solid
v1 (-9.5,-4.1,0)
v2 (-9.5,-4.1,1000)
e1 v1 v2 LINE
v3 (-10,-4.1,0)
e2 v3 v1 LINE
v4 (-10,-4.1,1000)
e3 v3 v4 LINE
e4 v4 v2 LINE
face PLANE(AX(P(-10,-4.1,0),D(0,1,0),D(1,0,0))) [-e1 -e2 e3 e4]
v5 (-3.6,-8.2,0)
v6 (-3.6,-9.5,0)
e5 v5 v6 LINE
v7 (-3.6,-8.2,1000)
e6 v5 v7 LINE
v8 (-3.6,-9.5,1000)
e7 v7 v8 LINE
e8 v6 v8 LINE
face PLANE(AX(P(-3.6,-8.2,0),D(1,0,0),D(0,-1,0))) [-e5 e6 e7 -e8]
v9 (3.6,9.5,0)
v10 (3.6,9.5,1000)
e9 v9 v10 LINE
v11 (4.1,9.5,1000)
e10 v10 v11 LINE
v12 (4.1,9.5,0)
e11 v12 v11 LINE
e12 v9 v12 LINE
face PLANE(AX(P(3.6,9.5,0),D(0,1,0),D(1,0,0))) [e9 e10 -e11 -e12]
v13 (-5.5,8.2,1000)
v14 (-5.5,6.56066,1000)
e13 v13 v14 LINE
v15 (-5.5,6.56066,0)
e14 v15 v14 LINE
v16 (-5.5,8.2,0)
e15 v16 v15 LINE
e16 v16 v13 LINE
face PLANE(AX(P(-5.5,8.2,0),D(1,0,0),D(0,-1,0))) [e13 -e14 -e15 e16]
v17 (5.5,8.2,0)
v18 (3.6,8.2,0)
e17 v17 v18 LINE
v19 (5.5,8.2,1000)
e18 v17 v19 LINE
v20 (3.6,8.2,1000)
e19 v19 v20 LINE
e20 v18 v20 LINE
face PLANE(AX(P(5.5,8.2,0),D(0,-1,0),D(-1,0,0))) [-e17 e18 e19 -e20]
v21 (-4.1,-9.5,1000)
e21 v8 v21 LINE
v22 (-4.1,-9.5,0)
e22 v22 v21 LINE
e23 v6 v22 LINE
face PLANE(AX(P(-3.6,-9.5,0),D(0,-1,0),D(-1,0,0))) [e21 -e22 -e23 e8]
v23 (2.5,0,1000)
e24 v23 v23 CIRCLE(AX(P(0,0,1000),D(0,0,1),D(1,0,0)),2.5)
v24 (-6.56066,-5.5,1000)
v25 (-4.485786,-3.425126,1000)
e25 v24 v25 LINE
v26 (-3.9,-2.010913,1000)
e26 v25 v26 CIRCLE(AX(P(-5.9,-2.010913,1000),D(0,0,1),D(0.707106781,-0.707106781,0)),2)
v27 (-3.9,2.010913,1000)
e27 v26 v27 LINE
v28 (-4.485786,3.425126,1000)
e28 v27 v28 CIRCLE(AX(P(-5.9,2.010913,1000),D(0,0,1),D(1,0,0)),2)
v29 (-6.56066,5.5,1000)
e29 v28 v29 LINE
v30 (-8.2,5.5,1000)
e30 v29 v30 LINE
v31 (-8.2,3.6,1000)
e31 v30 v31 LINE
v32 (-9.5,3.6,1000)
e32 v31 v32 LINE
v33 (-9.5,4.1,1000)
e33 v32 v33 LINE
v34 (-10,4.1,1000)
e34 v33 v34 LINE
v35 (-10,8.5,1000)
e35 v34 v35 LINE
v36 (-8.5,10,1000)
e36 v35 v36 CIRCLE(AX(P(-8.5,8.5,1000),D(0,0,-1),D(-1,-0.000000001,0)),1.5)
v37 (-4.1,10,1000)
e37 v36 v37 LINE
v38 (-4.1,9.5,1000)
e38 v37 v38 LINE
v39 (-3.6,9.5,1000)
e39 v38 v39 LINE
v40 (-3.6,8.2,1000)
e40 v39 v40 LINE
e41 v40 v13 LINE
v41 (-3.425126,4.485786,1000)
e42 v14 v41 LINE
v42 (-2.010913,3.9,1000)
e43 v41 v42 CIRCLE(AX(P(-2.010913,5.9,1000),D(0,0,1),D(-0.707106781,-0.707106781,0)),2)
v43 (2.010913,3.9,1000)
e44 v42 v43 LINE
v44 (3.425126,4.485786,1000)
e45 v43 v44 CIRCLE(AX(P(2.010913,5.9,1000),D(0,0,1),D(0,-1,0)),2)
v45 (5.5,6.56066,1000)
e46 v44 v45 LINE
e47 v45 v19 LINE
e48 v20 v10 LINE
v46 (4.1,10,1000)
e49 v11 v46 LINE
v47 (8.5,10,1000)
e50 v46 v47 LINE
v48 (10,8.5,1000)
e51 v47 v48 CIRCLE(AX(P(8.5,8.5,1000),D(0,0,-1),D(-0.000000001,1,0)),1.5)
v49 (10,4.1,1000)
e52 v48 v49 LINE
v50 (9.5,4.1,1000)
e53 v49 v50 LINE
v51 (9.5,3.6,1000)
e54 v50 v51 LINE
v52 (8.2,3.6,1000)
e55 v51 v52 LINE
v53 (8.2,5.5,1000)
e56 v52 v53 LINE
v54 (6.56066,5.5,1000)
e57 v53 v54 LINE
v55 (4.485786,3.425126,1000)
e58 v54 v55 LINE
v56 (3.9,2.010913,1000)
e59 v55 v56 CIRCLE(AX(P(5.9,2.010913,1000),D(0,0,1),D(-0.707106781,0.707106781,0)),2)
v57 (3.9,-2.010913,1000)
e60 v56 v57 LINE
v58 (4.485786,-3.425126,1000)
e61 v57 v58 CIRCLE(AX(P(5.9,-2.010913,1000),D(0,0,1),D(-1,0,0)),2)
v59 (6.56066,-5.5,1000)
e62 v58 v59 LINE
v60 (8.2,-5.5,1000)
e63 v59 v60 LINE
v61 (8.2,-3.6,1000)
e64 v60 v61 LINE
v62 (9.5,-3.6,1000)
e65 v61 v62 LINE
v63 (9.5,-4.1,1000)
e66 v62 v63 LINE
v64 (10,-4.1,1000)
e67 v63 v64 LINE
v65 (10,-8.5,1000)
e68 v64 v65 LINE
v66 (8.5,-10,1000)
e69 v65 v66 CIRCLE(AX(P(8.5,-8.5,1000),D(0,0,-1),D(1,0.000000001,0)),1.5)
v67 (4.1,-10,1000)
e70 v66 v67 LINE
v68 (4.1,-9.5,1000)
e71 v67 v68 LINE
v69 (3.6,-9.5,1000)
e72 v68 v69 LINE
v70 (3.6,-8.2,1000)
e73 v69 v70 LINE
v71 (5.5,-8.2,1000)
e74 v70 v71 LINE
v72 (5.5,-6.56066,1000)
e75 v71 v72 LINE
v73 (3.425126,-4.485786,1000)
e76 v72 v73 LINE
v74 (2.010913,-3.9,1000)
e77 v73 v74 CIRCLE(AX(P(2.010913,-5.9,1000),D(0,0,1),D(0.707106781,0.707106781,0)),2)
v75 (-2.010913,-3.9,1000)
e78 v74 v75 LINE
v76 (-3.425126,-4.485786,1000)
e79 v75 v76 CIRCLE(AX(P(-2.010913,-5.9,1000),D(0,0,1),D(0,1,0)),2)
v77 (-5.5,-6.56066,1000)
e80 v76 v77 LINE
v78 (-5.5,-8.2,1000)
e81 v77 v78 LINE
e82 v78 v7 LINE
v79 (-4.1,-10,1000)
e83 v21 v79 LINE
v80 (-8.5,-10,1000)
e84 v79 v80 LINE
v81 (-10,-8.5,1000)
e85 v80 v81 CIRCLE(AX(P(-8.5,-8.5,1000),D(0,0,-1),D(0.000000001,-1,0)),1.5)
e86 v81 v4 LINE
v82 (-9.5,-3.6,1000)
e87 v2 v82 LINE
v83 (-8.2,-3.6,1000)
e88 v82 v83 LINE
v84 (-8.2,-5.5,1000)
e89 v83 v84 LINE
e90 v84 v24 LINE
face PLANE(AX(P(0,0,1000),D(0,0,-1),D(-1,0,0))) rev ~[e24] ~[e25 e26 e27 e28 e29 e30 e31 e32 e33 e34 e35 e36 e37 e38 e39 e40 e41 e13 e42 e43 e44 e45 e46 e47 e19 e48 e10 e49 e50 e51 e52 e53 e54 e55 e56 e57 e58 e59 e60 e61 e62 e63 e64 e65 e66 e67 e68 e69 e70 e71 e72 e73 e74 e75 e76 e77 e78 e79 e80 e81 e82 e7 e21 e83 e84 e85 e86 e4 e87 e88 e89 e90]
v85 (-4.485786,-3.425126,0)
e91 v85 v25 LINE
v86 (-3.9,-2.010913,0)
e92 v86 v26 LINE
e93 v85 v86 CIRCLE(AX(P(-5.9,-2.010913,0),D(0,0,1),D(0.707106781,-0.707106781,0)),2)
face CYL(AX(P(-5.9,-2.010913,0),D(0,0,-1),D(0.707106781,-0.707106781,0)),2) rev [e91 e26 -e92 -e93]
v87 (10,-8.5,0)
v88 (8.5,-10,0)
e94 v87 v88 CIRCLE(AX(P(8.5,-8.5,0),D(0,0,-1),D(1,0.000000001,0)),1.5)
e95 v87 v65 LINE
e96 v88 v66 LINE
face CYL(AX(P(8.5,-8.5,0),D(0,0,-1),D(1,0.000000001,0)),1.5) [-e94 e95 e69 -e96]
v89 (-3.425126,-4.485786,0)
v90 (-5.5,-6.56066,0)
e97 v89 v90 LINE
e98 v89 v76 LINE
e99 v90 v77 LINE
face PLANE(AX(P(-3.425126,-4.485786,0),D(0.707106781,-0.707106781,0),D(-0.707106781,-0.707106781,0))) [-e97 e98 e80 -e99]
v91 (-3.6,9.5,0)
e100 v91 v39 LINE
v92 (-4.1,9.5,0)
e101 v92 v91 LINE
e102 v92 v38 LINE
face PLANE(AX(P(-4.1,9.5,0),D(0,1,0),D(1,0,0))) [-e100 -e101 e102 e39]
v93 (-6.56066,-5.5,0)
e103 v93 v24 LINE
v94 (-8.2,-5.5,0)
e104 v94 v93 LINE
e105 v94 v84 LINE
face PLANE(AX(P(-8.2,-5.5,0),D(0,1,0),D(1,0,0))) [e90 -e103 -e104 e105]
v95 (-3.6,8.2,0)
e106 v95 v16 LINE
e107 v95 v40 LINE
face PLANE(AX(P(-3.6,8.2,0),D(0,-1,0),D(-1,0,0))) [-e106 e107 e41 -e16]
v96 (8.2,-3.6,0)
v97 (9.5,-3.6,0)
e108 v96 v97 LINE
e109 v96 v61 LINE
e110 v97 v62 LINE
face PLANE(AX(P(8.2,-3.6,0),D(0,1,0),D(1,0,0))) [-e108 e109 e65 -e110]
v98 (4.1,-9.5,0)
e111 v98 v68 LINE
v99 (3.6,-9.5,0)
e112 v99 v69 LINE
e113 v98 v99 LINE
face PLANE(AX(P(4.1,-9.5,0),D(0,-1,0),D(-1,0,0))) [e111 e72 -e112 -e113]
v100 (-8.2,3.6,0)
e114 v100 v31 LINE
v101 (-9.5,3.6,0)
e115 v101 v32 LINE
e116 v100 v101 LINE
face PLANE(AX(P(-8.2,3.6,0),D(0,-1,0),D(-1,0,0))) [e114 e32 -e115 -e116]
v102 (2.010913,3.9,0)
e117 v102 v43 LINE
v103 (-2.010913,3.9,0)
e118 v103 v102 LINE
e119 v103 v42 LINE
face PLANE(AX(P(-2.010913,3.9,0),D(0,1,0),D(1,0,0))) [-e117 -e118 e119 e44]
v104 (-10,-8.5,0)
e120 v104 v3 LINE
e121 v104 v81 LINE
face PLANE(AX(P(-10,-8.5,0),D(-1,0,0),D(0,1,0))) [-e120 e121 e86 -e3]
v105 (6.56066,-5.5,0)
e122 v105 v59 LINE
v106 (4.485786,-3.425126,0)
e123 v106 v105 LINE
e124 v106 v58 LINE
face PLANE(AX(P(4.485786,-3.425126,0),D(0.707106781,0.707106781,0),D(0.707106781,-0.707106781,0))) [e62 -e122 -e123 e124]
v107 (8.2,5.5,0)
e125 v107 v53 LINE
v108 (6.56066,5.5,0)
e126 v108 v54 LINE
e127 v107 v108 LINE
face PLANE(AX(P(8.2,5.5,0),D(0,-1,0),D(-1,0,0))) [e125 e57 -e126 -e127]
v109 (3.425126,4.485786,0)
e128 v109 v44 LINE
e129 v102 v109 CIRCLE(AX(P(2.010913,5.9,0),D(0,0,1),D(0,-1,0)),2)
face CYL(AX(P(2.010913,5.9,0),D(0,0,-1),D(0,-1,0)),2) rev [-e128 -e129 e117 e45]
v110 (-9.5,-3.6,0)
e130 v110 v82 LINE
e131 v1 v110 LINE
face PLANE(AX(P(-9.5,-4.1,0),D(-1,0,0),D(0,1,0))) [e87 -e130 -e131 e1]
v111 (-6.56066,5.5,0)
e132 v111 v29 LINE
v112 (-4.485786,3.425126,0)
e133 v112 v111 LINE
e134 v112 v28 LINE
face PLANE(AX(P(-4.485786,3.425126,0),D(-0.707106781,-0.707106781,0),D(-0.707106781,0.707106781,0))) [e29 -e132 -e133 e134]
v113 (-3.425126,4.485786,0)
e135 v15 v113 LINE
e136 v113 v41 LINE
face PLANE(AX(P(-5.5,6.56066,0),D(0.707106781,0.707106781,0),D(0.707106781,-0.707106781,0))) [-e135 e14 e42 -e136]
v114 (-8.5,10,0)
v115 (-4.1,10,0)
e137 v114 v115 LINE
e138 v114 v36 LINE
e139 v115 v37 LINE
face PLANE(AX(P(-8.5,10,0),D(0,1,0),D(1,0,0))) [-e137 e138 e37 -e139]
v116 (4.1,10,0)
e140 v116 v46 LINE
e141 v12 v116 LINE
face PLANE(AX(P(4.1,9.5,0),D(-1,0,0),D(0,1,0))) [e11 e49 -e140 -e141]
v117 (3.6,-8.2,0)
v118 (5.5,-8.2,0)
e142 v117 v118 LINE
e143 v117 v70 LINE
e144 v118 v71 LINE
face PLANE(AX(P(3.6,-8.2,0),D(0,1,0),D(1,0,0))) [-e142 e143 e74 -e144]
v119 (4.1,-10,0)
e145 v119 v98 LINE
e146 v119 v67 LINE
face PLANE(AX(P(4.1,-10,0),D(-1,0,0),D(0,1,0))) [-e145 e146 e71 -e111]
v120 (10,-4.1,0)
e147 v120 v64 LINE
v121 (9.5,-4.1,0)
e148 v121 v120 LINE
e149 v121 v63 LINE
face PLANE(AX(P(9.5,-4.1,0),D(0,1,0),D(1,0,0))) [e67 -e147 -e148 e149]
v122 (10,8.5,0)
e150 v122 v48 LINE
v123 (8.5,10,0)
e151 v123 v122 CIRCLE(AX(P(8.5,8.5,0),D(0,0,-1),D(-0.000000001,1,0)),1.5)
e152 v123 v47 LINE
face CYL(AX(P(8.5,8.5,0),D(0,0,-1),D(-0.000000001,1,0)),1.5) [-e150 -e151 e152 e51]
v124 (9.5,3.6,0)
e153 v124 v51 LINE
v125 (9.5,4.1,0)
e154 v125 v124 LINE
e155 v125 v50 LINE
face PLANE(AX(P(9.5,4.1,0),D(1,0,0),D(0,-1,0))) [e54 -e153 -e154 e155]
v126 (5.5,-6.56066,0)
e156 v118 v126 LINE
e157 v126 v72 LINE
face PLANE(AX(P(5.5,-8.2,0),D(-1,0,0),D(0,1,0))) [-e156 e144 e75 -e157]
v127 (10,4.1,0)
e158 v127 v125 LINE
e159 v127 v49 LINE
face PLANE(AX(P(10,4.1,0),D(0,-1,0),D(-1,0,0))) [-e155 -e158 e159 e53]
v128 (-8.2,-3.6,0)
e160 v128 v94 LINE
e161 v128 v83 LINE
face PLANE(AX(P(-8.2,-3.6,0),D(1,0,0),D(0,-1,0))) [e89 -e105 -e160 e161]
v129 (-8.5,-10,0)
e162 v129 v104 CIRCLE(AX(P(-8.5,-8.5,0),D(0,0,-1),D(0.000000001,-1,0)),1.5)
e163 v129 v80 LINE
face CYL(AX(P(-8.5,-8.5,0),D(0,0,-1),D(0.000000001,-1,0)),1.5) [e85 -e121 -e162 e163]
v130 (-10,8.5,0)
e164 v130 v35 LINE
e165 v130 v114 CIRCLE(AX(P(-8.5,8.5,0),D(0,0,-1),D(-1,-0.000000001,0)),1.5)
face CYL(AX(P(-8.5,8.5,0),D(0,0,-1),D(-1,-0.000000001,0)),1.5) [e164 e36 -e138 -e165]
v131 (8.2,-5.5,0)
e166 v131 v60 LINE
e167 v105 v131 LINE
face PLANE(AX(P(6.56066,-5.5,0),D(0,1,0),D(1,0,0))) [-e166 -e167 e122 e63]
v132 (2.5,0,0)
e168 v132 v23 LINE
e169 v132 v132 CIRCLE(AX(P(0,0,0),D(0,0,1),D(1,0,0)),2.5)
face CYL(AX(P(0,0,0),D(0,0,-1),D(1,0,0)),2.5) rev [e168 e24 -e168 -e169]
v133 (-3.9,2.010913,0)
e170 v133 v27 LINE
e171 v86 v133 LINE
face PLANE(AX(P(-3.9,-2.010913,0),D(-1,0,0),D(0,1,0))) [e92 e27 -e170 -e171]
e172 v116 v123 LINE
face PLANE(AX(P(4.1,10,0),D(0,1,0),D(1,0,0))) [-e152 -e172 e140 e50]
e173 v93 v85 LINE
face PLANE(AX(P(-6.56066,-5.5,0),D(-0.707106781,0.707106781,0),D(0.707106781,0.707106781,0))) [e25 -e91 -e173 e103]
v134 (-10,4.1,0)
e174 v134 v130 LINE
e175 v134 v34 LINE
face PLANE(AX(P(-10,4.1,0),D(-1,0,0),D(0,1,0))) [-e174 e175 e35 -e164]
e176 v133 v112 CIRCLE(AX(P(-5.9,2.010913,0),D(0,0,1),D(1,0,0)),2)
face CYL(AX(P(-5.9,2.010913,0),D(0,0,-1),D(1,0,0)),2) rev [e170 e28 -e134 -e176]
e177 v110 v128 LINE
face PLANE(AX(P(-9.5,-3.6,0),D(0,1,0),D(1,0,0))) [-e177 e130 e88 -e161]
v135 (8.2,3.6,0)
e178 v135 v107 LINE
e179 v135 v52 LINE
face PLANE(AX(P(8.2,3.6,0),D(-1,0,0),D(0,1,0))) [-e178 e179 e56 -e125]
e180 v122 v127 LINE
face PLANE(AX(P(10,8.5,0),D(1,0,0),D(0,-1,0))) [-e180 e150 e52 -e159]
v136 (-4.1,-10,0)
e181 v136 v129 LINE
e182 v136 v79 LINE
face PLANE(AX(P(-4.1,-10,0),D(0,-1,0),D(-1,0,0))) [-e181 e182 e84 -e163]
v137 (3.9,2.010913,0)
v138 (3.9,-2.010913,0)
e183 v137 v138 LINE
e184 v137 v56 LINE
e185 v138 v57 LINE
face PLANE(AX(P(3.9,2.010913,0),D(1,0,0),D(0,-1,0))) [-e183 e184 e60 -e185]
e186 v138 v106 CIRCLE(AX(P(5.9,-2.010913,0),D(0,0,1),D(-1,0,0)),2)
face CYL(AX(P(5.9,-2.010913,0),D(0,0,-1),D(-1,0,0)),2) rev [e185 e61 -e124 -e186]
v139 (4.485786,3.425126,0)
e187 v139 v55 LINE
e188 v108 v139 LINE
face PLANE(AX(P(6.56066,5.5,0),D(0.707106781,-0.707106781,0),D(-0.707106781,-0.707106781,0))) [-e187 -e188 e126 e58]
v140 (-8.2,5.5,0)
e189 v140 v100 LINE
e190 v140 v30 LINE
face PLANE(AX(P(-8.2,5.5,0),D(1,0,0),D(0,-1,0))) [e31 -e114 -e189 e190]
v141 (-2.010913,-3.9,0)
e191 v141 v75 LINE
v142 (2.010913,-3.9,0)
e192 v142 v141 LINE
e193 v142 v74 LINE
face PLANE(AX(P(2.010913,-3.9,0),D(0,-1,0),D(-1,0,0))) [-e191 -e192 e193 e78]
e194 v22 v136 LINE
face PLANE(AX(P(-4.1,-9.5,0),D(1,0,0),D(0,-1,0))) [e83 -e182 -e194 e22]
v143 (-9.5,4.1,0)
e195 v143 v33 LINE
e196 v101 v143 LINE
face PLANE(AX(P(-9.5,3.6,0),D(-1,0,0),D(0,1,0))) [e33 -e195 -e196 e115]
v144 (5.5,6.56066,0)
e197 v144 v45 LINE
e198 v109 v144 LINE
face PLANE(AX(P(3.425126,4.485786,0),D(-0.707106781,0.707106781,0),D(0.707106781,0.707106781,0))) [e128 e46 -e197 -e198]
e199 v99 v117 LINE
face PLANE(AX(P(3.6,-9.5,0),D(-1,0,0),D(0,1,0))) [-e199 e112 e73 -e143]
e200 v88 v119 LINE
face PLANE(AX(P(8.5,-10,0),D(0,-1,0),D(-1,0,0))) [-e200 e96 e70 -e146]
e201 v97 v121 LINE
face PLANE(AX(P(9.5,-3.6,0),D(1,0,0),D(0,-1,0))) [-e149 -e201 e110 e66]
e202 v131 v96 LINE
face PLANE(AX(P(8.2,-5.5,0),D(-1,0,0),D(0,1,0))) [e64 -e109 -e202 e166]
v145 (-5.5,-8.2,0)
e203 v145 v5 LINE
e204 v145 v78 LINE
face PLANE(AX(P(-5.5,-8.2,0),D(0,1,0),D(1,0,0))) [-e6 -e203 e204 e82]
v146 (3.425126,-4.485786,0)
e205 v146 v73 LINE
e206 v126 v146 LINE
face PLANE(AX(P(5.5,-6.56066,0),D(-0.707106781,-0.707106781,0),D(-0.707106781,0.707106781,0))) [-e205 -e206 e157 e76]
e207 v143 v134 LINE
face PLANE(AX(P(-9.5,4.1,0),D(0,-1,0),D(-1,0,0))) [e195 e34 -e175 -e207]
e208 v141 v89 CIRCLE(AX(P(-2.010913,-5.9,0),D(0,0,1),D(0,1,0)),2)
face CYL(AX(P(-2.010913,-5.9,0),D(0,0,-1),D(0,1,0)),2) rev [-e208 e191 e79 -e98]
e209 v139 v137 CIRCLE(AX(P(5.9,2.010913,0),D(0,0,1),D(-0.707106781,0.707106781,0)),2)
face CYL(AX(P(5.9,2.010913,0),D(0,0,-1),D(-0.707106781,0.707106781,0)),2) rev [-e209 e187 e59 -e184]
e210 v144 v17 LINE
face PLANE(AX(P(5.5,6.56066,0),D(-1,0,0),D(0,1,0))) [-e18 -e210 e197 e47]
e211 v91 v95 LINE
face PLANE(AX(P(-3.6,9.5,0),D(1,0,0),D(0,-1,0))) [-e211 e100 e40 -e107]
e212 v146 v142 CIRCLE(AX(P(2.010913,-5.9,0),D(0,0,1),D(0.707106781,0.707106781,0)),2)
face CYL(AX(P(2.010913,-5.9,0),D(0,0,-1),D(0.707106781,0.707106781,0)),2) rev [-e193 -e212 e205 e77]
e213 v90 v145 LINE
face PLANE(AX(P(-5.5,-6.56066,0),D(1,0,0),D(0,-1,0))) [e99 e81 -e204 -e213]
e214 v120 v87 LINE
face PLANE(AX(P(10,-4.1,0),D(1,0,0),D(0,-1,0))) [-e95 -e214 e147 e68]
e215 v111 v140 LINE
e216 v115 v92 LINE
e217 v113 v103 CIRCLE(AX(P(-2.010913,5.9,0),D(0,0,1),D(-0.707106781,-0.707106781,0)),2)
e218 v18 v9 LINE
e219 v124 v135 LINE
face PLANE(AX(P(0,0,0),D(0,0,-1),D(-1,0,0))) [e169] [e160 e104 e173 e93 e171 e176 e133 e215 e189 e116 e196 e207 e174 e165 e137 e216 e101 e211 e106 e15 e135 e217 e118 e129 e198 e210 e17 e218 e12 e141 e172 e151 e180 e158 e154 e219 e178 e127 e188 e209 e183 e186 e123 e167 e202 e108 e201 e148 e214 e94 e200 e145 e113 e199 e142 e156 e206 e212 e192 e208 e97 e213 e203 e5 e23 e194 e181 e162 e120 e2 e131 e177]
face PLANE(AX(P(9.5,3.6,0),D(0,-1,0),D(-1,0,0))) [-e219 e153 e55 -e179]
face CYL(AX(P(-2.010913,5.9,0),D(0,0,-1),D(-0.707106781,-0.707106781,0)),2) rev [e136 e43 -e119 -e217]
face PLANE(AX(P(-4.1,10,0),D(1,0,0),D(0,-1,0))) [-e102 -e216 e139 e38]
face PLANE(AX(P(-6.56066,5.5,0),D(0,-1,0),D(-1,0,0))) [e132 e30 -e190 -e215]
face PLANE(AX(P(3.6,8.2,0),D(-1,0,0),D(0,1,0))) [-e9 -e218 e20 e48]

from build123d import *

# Parameters (mm, degrees)
SKETCH1_R           = 2.5
BOSS_EXTRUDE2_DEPTH = 1000


with BuildPart() as part:
    # Sketch1 → Boss-Extrude2 (new body)
    with BuildSketch(Plane.XY):
        with BuildLine():
            Line((10, -4.1), (10, -8.5))
            ThreePointArc((10, -8.5), (9.560660172, -9.560660172), (8.5, -10))
            Line((8.5, -10), (4.1, -10))
            Line((4.1, -10), (4.1, -9.5))
            Line((4.1, -9.5), (3.6, -9.5))
            Line((3.6, -9.5), (3.6, -8.2))
            Line((3.6, -8.2), (5.5, -8.2))
            Line((5.5, -8.2), (5.5, -6.560660172))
            Line((5.5, -6.560660172), (3.425126266, -4.485786438))
            ThreePointArc((3.425126266, -4.485786438), (2.776279568, -4.052240935), (2.010912703, -3.9))
            Line((2.010912703, -3.9), (-2.010912703, -3.9))
            ThreePointArc((-2.010912703, -3.9), (-2.776279568, -4.052240935), (-3.425126266, -4.485786438))
            Line((-3.425126266, -4.485786438), (-5.5, -6.560660172))
            Line((-5.5, -6.560660172), (-5.5, -8.2))
            Line((-5.5, -8.2), (-3.6, -8.2))
            Line((-3.6, -8.2), (-3.6, -9.5))
            Line((-3.6, -9.5), (-4.1, -9.5))
            Line((-4.1, -9.5), (-4.1, -10))
            Line((-4.1, -10), (-8.5, -10))
            ThreePointArc((-8.5, -10), (-9.560660172, -9.560660172), (-10, -8.5))
            Line((-10, -8.5), (-10, -4.1))
            Line((-10, -4.1), (-9.5, -4.1))
            Line((-9.5, -4.1), (-9.5, -3.6))
            Line((-9.5, -3.6), (-8.2, -3.6))
            Line((-8.2, -3.6), (-8.2, -5.5))
            Line((-8.2, -5.5), (-6.560660172, -5.5))
            Line((-6.560660172, -5.5), (-4.485786438, -3.425126266))
            ThreePointArc((-4.485786438, -3.425126266), (-4.052240935, -2.776279568), (-3.9, -2.010912703))
            Line((-3.9, -2.010912703), (-3.9, 2.010912703))
            ThreePointArc((-3.9, 2.010912703), (-4.052240935, 2.776279568), (-4.485786438, 3.425126266))
            Line((-4.485786438, 3.425126266), (-6.560660172, 5.5))
            Line((-6.560660172, 5.5), (-8.2, 5.5))
            Line((-8.2, 5.5), (-8.2, 3.6))
            Line((-8.2, 3.6), (-9.5, 3.6))
            Line((-9.5, 3.6), (-9.5, 4.1))
            Line((-9.5, 4.1), (-10, 4.1))
            Line((-10, 4.1), (-10, 8.5))
            ThreePointArc((-10, 8.5), (-9.560660172, 9.560660172), (-8.5, 10))
            Line((-8.5, 10), (-4.1, 10))
            Line((-4.1, 10), (-4.1, 9.5))
            Line((-4.1, 9.5), (-3.6, 9.5))
            Line((-3.6, 9.5), (-3.6, 8.2))
            Line((-3.6, 8.2), (-5.5, 8.2))
            Line((-5.5, 8.2), (-5.5, 6.560660172))
            Line((-5.5, 6.560660172), (-3.425126266, 4.485786438))
            ThreePointArc((-3.425126266, 4.485786438), (-2.776279568, 4.052240935), (-2.010912703, 3.9))
            Line((-2.010912703, 3.9), (2.010912703, 3.9))
            ThreePointArc((2.010912703, 3.9), (2.776279568, 4.052240935), (3.425126266, 4.485786438))
            Line((3.425126266, 4.485786438), (5.5, 6.560660172))
            Line((5.5, 6.560660172), (5.5, 8.2))
            Line((5.5, 8.2), (3.6, 8.2))
            Line((3.6, 8.2), (3.6, 9.5))
            Line((3.6, 9.5), (4.1, 9.5))
            Line((4.1, 9.5), (4.1, 10))
            Line((4.1, 10), (8.5, 10))
            ThreePointArc((8.5, 10), (9.560660172, 9.560660172), (10, 8.5))
            Line((10, 8.5), (10, 4.1))
            Line((10, 4.1), (9.5, 4.1))
            Line((9.5, 4.1), (9.5, 3.6))
            Line((9.5, 3.6), (8.2, 3.6))
            Line((8.2, 3.6), (8.2, 5.5))
            Line((8.2, 5.5), (6.560660172, 5.5))
            Line((6.560660172, 5.5), (4.485786438, 3.425126266))
            ThreePointArc((4.485786438, 3.425126266), (4.052240935, 2.776279568), (3.9, 2.010912703))
            Line((3.9, 2.010912703), (3.9, -2.010912703))
            ThreePointArc((3.9, -2.010912703), (4.052240935, -2.776279568), (4.485786438, -3.425126266))
            Line((4.485786438, -3.425126266), (6.560660172, -5.5))
            Line((6.560660172, -5.5), (8.2, -5.5))
            Line((8.2, -5.5), (8.2, -3.6))
            Line((8.2, -3.6), (9.5, -3.6))
            Line((9.5, -3.6), (9.5, -4.1))
            Line((9.5, -4.1), (10, -4.1))
        make_face()
        Circle(SKETCH1_R, mode=Mode.SUBTRACT)
    extrude(amount=BOSS_EXTRUDE2_DEPTH)


solid = part.part
